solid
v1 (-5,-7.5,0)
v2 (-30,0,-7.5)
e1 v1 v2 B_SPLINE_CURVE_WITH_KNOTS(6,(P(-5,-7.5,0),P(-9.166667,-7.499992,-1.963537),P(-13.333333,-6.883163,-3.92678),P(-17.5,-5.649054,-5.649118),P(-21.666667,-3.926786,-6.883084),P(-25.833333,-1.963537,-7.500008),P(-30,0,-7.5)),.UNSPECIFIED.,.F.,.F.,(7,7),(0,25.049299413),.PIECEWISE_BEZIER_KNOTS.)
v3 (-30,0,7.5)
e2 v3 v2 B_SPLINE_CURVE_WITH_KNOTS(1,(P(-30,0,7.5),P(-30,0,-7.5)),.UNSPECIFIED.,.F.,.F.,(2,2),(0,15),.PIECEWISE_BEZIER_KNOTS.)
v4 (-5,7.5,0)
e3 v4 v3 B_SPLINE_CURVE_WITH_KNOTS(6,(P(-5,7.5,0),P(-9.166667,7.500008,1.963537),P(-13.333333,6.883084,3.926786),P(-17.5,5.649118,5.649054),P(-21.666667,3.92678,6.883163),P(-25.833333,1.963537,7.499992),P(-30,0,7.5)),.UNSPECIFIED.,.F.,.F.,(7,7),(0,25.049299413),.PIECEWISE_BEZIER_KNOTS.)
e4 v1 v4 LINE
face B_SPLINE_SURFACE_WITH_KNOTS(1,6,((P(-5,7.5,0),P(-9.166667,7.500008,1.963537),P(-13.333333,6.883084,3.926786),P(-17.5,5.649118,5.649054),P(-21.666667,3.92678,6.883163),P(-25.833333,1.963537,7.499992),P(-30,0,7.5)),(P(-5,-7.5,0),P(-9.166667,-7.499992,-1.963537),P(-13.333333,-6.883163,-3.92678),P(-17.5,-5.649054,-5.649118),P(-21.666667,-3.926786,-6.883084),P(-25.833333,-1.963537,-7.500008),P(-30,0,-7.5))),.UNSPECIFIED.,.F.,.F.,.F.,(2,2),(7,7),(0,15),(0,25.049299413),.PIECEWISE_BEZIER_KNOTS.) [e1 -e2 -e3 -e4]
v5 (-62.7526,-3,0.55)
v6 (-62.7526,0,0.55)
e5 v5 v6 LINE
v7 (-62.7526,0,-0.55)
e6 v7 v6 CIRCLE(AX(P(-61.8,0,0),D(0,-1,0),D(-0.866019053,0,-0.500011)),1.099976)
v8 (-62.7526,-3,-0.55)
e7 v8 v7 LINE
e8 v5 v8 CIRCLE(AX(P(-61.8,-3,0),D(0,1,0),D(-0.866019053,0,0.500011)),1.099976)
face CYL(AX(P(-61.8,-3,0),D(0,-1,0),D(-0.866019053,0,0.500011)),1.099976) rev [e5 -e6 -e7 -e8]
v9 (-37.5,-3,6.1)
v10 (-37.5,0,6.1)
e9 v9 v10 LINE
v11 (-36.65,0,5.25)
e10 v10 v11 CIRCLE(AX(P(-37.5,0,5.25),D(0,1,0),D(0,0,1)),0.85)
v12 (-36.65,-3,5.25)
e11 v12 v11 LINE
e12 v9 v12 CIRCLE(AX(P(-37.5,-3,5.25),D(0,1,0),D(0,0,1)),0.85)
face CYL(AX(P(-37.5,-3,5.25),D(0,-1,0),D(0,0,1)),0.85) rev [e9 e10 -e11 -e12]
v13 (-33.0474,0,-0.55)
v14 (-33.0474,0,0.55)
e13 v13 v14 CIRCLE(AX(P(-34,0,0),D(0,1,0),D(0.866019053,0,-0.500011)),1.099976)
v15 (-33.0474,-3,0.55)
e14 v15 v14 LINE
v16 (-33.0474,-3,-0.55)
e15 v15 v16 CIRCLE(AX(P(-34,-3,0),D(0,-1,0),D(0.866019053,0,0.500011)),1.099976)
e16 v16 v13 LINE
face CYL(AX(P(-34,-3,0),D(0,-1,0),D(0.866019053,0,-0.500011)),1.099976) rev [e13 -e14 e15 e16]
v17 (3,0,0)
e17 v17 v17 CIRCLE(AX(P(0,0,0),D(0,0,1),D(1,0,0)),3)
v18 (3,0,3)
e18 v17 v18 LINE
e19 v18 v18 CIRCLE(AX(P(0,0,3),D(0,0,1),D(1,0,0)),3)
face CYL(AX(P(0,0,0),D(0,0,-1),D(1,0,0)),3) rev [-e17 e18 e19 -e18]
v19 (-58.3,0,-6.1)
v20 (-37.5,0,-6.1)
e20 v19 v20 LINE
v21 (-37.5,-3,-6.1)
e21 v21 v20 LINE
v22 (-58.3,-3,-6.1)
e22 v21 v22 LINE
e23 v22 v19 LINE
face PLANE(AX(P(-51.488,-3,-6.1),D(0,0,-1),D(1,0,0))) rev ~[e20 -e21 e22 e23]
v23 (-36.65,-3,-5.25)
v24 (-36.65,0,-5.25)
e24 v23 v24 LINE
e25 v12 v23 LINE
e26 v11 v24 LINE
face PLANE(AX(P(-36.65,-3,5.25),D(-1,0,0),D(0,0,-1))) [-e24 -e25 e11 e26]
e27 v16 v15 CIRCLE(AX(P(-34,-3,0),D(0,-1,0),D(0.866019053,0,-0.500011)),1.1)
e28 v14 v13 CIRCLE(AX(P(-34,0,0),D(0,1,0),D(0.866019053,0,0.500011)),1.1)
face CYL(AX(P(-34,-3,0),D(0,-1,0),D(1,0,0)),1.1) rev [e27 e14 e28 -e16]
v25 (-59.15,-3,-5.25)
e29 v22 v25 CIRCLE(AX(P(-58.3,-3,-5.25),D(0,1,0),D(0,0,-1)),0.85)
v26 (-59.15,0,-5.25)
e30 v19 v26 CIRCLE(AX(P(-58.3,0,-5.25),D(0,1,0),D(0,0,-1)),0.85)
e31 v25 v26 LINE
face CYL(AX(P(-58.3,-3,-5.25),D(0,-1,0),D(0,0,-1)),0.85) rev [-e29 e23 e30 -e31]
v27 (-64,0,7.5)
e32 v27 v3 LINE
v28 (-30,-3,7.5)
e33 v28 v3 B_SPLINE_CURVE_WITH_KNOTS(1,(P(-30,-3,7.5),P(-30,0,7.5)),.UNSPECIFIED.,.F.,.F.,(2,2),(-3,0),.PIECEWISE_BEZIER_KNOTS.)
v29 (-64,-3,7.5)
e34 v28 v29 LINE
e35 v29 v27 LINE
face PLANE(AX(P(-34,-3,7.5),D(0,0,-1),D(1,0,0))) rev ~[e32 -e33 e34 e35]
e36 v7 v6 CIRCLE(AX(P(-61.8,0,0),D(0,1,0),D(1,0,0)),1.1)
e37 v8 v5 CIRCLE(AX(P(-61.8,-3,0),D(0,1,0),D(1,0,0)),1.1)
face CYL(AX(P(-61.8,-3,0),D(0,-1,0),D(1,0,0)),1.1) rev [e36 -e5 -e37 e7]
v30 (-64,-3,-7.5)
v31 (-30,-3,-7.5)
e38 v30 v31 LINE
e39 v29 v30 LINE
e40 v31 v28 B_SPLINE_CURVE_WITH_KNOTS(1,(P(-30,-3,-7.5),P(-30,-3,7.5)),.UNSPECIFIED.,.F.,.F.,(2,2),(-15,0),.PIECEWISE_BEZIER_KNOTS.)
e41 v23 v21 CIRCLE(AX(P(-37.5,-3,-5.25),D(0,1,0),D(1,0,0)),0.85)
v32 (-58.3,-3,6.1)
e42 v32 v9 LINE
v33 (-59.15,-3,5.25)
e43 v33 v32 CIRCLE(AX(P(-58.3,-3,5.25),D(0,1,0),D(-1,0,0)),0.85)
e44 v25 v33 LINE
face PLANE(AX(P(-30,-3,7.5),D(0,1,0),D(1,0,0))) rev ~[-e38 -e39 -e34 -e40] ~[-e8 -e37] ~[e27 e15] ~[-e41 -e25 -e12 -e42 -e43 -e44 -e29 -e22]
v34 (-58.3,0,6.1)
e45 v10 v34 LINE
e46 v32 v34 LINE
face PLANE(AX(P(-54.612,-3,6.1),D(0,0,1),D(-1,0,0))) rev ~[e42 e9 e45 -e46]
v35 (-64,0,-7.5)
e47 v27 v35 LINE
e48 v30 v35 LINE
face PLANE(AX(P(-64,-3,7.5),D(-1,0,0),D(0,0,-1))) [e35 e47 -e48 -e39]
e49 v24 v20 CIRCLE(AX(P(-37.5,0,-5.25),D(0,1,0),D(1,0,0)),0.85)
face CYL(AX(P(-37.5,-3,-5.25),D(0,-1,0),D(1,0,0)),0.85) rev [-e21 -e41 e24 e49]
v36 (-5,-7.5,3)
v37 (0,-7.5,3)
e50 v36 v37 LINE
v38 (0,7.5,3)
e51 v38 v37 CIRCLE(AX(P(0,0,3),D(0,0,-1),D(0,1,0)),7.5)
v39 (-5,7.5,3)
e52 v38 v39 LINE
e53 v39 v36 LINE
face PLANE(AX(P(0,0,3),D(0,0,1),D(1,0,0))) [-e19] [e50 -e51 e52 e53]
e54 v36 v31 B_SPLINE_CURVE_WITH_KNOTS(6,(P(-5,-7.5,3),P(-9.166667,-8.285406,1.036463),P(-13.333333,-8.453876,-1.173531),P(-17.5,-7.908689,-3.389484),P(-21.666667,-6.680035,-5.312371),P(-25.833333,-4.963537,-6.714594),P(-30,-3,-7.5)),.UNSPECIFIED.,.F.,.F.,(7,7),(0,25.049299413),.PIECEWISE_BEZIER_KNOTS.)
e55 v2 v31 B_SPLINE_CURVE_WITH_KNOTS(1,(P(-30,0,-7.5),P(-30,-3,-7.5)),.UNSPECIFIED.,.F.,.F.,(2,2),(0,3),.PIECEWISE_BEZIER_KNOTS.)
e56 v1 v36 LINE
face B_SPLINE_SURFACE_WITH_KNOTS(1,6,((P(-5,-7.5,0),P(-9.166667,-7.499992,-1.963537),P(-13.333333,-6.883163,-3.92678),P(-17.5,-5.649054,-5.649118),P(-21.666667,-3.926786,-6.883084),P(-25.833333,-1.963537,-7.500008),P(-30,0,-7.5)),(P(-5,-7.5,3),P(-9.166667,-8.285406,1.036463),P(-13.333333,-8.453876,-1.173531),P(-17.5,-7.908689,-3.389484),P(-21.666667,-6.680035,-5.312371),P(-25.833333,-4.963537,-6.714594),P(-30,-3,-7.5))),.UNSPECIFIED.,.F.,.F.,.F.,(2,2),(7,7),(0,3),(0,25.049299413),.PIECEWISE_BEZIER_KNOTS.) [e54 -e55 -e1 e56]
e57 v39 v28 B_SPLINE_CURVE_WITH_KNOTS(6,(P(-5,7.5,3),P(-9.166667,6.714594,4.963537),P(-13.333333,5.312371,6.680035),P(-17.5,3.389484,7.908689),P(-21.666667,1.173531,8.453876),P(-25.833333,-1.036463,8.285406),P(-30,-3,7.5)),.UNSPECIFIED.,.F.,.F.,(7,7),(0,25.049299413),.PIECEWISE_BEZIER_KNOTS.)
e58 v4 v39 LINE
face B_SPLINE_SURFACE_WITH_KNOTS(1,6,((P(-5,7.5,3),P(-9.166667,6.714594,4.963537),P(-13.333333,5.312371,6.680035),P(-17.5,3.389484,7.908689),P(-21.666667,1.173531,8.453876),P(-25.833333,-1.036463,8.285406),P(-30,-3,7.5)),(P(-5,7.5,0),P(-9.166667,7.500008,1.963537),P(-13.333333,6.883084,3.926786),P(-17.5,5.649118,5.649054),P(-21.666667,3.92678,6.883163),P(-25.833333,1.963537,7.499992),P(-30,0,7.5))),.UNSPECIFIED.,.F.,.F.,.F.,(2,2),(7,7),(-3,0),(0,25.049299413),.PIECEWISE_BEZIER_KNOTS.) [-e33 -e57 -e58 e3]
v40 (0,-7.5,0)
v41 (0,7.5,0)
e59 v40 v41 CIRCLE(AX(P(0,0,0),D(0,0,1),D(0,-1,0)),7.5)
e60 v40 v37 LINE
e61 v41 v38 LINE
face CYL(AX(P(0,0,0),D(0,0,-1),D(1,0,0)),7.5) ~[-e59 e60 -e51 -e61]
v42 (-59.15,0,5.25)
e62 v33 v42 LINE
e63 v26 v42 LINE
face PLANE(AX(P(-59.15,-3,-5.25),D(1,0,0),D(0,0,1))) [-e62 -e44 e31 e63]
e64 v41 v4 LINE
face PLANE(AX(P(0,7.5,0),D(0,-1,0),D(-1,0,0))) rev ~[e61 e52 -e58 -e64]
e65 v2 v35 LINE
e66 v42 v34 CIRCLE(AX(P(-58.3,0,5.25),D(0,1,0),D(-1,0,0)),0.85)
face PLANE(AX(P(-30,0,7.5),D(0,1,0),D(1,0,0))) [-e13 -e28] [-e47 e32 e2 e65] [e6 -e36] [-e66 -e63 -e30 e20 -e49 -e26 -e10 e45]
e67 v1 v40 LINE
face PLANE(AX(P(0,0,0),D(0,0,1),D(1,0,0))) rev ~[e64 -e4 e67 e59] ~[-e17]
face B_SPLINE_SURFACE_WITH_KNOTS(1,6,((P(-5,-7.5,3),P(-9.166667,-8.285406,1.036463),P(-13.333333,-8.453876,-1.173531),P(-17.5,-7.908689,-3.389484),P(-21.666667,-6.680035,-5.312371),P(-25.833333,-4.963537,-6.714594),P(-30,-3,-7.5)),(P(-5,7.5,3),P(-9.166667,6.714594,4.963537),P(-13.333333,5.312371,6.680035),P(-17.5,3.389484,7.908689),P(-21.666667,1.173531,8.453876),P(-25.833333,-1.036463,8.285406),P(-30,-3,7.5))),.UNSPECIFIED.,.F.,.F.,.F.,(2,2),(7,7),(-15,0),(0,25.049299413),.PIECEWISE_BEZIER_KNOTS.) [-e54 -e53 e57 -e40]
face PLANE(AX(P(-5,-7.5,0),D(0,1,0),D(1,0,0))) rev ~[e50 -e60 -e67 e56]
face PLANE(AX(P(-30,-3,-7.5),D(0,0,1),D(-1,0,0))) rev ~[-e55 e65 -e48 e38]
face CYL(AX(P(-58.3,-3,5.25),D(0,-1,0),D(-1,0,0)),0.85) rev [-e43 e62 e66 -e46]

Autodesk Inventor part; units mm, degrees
ref_plane "YZ Plane" through (0, 0, 0) normal (1, 0, 0) x (0, 1, 0)
ref_plane "XZ Plane" through (0, 0, 0) normal (0, 1, 0) x (-1, 0, 0)
sketch "Sketch1" plane through (0, 0, 0) normal (0, 0, 1) x (1, 0, 0)
  circle A0 centre (0, 0) radius 3
  circle A1 centre (0, 0) radius 7.5
  line L0 (0, 7.5) -> (-5, 7.5)
  line L1 (-5, 7.5) -> (-5, -7.5)
  line L2 (-5, -7.5) -> (0, -7.5)
  dimension "d30" = 5
extrude "Extrusion2" add sketch "Sketch1" along normal blind 3 contours A1 L1 | A1 L1 L0 | L2 L1 A1 picked at (-4.3333, 0)
sketch "Sketch5" plane through (-5, -7.5, 0) normal (-1, 0, 0) x (0, 0, 1)
  line L0 (0, 15) -> (0, 0) projected
  line L1 (0, 0) -> (3, 0) projected
  line L2 (3, 15) -> (3, 0) projected
  line L3 (0, 15) -> (3, 15) projected
  point P0 (0, 7.5)
coil "Coil2" sketch "Sketch5" operation add axis through (-10, 0, 0) along (-1, 0, 0) pitch 100 turns 0.25 hand left
ref_plane "Work Plane2" through (-30, -3, 7.5) normal (0, 1, 0) x (1, 0, 0)
sketch "Sketch6" plane through (-30, -3, 7.5) normal (0, 1, 0) x (1, 0, 0)
  arc A0 (-3.0474, 8.05) -> (-3.0474, 6.95) centre (-4, 7.5) ccw
  line L0 (-1.85, 8.05) -> (-1.85, 12.75)
  line L1 (-1.85, 2.25) -> (-1.85, 6.95)
  line L2 (-7.5, 1.4) -> (-2.7, 1.4)
  line L3 (-33.95, 6.95) -> (-33.95, 2.25)
  line L4 (-33.95, 12.75) -> (-33.95, 8.05)
  arc A1 (-32.7526, 6.95) -> (-32.7526, 8.05) centre (-31.8, 7.5) ccw
  line L5 (-33.95, 6.95) -> (-32.7526, 6.95)
  line L6 (-32.7526, 8.05) -> (-33.95, 8.05)
  line L7 (-28.3, 13.6) -> (-33.1, 13.6)
  line L8 (-2.7, 13.6) -> (-7.5, 13.6)
  arc A2 (-1.85, 12.75) -> (-2.7, 13.6) centre (-2.7, 12.75) ccw
  line L9 (-1.85, 8.05) -> (-3.0474, 8.05)
  line L10 (-3.0474, 6.95) -> (-1.85, 6.95)
  arc A3 (-2.7, 1.4) -> (-1.85, 2.25) centre (-2.7, 2.25) ccw
  arc A4 (-33.95, 2.25) -> (-33.1, 1.4) centre (-33.1, 2.25) ccw
  line L11 (-33.1, 1.4) -> (-28.3, 1.4)
  line L12 (-24.612, 1.4) -> (-28.3, 1.4)
  line L13 (-7.5, 1.4) -> (-21.488, 1.4)
  circle A5 centre (-23.05, 7.5) radius 2.25
  line L14 (-28.3, 13.6) -> (-24.612, 13.6)
  line L15 (-21.488, 13.6) -> (-7.5, 13.6)
  line L16 (-6.65, 2.25) -> (-6.65, 12.75)
  line L17 (-29.15, 12.75) -> (-29.15, 2.25)
  arc A6 (-29.15, 2.25) -> (-28.3, 1.4) centre (-28.3, 2.25) ccw
  arc A7 (-28.3, 13.6) -> (-29.15, 12.75) centre (-28.3, 12.75) ccw
  arc A8 (-33.1, 13.6) -> (-33.95, 12.75) centre (-33.1, 12.75) ccw
  arc A9 (-7.5, 1.4) -> (-6.65, 2.25) centre (-7.5, 2.25) ccw
  arc A10 (-6.65, 12.75) -> (-7.5, 13.6) centre (-7.5, 12.75) ccw
  line L18 (-24.612, 13.6) -> (-21.488, 13.6)
  line L19 (-21.488, 1.4) -> (-24.612, 1.4)
  line L20 (0, 0) -> (0, 15) projected
  line L21 (0, 15) -> (-4, 15)
  line L22 (-4, 15) -> (-4, 0)
  line L23 (-4, 0) -> (0, 0)
  line L24 (-4, 0) -> (-34, 0)
  line L25 (-34, 0) -> (-34, 15)
  line L26 (-34, 15) -> (-4, 15)
  circle A11 centre (-31.8, 7.5) radius 1.1
  circle A12 centre (-4, 7.5) radius 1.1
  point P0 (30, 7.5)
  point P1 (-32.7526, 8.05)
  point P2 (-3.0474, 8.05)
extrude "Extrusion3" add sketch "Sketch6" along normal blind 3 contours A0 L22 L8 A2 L0 L9 | L9 L0 A2 L8 L22 L21 L20 L23 L2 A3 L1 L10 A12 | A0 L22 L2 A9 L16 A10 L8 | A0 L10 L1 A3 L2 L22 | L8 L15 L18 L14 L7 A8 L4 L6 A11 L5 L3 A4 L11 L12 L19 L13 L2 L22 L24 L25 L26 | A7 L17 A6 L11 A4 L3 L5 A1 L6 L4 A8 L7
properties part number "tail"
